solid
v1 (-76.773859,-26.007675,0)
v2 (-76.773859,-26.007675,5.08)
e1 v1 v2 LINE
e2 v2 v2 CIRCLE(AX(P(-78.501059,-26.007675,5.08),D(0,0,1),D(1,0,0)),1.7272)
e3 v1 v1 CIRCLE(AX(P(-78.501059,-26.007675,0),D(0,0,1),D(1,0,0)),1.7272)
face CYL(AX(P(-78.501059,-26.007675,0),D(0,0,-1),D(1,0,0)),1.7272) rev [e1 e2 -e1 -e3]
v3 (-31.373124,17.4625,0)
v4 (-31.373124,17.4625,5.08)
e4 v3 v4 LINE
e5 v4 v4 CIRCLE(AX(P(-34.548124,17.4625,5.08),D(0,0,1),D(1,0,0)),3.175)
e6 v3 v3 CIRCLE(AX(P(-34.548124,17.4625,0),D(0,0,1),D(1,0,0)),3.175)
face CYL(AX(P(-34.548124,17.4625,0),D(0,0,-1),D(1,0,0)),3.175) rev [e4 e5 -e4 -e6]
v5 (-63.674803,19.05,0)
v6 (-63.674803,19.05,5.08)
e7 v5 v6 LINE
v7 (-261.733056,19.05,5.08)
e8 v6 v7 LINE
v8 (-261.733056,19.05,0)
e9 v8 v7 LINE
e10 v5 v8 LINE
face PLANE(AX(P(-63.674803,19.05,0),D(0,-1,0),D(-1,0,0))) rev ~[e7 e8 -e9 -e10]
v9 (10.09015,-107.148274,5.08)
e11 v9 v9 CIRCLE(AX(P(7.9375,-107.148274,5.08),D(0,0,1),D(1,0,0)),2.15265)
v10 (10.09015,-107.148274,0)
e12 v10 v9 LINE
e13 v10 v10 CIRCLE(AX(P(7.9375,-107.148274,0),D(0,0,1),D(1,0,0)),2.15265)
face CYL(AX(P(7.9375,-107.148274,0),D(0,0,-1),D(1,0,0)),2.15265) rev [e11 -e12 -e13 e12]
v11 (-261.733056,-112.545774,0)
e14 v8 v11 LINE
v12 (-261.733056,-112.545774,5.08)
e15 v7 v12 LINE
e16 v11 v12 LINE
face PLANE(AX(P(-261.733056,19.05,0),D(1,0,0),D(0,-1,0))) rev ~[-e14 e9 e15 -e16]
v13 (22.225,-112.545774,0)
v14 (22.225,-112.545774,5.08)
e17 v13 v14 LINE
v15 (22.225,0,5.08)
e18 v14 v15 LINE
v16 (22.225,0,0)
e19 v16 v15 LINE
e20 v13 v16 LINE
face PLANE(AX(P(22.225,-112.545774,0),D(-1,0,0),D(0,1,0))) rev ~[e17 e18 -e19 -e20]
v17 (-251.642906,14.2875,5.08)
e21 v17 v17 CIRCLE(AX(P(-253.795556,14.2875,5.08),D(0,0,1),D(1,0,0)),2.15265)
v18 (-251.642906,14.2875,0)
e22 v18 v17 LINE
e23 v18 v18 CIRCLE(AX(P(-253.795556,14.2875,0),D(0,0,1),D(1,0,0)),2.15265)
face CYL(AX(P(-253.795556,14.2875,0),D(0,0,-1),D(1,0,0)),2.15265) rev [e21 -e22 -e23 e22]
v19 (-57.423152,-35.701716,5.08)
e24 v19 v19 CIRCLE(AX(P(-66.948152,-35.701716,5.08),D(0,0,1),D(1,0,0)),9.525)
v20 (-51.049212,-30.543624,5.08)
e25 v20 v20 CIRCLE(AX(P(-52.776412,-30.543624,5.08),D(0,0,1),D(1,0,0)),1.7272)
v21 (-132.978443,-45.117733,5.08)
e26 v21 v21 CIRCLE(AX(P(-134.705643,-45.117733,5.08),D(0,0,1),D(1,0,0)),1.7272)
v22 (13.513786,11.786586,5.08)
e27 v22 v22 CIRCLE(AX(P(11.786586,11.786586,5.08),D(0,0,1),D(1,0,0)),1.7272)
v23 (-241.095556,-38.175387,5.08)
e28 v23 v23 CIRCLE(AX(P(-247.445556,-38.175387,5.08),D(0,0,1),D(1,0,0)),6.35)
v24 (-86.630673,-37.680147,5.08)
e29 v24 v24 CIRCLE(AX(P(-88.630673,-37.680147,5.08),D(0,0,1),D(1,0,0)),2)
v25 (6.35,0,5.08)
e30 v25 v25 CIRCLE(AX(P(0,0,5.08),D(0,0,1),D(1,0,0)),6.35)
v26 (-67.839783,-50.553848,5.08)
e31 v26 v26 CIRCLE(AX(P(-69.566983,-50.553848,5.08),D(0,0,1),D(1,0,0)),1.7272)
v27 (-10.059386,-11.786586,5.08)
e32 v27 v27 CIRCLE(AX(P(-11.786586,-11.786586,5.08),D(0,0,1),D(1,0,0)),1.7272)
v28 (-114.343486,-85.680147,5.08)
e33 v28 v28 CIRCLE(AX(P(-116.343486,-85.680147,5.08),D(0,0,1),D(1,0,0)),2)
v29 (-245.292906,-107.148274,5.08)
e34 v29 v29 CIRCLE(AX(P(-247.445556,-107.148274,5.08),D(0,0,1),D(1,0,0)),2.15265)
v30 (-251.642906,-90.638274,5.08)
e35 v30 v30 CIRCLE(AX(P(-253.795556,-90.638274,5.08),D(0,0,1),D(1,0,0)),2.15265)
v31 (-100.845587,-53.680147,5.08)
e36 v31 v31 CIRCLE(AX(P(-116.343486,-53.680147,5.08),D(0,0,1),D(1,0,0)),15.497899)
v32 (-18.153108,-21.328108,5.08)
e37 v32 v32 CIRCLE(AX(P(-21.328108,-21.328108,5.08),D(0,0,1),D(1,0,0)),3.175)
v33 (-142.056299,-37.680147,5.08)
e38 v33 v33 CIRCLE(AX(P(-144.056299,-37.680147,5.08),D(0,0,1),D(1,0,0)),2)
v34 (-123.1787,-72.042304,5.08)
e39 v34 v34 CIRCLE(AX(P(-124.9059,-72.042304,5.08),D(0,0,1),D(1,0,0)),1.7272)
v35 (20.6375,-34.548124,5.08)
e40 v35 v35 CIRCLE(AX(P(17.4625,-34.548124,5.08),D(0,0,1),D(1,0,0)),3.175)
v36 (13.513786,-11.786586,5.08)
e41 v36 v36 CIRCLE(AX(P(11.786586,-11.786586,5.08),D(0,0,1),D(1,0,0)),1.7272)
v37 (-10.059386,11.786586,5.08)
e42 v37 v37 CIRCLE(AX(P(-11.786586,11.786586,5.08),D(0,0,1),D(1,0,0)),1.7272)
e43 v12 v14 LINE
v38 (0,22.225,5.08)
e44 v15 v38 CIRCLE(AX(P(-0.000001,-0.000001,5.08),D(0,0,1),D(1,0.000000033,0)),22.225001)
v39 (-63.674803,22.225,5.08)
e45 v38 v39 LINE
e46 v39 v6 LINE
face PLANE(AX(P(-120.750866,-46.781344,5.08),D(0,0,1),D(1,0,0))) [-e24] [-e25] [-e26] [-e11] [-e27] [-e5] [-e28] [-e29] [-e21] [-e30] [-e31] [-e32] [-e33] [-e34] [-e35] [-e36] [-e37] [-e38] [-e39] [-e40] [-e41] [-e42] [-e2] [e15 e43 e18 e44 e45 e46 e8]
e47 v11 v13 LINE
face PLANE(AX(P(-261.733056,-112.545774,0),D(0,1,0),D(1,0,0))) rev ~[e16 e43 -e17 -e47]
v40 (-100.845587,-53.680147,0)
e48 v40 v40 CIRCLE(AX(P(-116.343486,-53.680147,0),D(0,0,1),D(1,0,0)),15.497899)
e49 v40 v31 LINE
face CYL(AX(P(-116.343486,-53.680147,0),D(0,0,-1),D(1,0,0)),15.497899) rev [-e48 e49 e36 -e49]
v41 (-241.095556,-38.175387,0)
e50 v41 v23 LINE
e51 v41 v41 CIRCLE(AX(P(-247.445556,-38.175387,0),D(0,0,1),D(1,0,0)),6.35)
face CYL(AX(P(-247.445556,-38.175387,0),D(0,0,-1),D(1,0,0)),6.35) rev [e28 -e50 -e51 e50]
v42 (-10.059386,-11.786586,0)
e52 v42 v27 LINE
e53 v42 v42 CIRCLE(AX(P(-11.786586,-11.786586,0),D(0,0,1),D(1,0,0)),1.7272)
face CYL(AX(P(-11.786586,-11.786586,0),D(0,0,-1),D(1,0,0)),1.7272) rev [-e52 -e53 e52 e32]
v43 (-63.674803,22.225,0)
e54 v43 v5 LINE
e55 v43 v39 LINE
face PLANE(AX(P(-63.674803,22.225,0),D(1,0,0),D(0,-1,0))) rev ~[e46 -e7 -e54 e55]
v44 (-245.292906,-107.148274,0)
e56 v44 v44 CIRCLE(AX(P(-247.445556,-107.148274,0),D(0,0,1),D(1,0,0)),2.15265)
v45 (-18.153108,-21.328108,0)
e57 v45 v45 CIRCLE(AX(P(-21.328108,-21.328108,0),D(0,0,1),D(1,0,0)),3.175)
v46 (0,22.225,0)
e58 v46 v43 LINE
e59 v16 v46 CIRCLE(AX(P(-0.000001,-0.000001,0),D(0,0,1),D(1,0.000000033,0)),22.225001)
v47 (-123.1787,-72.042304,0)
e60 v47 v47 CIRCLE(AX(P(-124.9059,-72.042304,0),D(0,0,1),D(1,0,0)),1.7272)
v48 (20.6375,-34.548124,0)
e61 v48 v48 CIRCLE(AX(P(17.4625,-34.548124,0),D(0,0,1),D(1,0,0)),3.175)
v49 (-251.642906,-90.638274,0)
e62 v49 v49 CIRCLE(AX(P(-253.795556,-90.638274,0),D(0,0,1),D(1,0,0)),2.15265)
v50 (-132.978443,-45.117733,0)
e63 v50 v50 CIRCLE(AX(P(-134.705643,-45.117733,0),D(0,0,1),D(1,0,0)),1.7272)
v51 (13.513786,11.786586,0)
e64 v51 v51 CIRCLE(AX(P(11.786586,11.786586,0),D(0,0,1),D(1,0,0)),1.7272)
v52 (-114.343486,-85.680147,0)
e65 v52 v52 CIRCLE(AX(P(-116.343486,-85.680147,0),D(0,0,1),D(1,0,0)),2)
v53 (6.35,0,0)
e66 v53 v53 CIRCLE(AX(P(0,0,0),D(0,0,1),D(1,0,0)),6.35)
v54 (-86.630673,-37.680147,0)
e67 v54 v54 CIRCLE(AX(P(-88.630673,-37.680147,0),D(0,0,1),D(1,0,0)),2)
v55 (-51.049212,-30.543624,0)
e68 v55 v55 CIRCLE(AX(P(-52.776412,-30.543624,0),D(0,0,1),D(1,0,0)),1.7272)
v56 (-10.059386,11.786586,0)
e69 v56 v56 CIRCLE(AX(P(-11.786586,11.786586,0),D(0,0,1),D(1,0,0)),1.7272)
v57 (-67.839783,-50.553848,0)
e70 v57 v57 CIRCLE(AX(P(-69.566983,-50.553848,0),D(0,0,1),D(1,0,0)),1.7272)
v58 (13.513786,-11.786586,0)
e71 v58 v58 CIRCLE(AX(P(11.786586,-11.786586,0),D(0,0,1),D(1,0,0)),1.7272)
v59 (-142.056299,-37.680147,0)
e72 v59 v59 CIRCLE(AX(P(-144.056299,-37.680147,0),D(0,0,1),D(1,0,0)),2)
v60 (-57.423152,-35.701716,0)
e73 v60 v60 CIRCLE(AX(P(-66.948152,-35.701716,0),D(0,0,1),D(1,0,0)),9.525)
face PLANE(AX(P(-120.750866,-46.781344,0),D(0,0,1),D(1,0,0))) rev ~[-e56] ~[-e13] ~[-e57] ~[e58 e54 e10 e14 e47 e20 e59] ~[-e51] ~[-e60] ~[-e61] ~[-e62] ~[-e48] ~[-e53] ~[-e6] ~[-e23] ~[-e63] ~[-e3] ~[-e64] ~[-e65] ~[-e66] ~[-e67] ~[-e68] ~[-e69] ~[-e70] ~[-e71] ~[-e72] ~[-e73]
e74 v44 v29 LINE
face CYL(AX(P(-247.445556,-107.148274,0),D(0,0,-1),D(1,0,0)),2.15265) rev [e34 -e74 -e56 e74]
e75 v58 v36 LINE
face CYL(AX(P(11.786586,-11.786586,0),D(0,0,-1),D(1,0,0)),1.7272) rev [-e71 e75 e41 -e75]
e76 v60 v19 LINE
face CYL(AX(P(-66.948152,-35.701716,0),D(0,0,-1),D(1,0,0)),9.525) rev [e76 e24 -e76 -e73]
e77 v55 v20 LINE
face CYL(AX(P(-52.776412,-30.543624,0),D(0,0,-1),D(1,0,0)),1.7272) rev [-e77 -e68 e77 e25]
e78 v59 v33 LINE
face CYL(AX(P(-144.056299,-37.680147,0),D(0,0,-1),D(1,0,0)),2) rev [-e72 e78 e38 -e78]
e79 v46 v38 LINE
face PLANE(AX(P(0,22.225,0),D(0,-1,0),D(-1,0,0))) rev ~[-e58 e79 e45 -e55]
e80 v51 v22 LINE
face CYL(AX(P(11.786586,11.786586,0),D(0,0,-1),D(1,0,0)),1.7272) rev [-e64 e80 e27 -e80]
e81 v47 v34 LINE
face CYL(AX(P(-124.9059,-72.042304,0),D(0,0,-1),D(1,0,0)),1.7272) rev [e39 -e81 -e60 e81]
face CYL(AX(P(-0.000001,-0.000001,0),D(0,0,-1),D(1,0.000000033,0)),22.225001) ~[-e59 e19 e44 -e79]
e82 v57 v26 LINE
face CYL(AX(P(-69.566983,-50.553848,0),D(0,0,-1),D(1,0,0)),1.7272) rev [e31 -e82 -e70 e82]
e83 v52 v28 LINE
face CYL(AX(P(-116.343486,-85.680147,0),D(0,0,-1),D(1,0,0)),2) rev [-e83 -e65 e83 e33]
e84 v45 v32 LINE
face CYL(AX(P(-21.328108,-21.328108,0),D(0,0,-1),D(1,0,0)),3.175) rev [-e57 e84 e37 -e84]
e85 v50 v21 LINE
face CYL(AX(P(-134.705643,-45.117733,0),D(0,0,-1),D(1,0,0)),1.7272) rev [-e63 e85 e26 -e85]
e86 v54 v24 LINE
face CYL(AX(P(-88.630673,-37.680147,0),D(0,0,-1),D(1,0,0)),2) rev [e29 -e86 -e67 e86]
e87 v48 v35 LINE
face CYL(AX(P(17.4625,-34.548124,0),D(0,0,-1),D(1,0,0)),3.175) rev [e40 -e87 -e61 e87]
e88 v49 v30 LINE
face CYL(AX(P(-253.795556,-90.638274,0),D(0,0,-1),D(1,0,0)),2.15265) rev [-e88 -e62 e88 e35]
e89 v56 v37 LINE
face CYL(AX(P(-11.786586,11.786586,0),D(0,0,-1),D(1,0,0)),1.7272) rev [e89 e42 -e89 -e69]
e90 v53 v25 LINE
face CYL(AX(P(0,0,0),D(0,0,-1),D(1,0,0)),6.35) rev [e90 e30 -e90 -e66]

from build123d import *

# Parameters (mm, degrees)
F0_R     = 2.15265
F0_R_2   = 1.7272
F0_R_3   = 2
F0_R_4   = 15.497899
F0_R_5   = 6.35
F0_R_6   = 9.525
F0_R_7   = 3.175
F1_DEPTH = 5.08


with BuildPart() as f1:
    # F0 (on Top) → F1 (new body)
    with BuildSketch(Plane.XY):
        with BuildLine():
            Line((-261.733056, 19.05), (-261.733056, -112.545774))
            Line((-261.733056, -112.545774), (22.225, -112.545774))
            Line((22.225, -112.545774), (22.225, -101.750774))
            Line((22.225, -101.750774), (22.225, 0))
            ThreePointArc((22.225, 0), (15.715448, 15.715448), (0, 22.225))
            Line((0, 22.225), (-63.674803, 22.225))
            Line((-63.674803, 22.225), (-63.674803, 19.05))
            Line((-63.674803, 19.05), (-261.733056, 19.05))
        make_face()
        with Locations((-247.445556, -107.148274)):
            Circle(F0_R, mode=Mode.SUBTRACT)
        with Locations((-253.795556, -90.638274)):
            Circle(F0_R, mode=Mode.SUBTRACT)
        with Locations((-124.9059, -72.042304)):
            Circle(F0_R_2, mode=Mode.SUBTRACT)
        with Locations((-116.343486, -85.680147)):
            Circle(F0_R_3, mode=Mode.SUBTRACT)
        with Locations((7.9375, -107.148274)):
            Circle(F0_R, mode=Mode.SUBTRACT)
        with Locations((-116.343486, -53.680147)):
            Circle(F0_R_4, mode=Mode.SUBTRACT)
        with Locations((-69.566983, -50.553848)):
            Circle(F0_R_2, mode=Mode.SUBTRACT)
        with Locations((-247.445556, -38.175387)):
            Circle(F0_R_5, mode=Mode.SUBTRACT)
        with Locations((-144.056299, -37.680147)):
            Circle(F0_R_3, mode=Mode.SUBTRACT)
        with Locations((-134.705643, -45.117733)):
            Circle(F0_R_2, mode=Mode.SUBTRACT)
        with Locations((-253.795556, 14.2875)):
            Circle(F0_R, mode=Mode.SUBTRACT)
        with Locations((-88.630673, -37.680147)):
            Circle(F0_R_3, mode=Mode.SUBTRACT)
        with Locations((-66.948152, -35.701716)):
            Circle(F0_R_6, mode=Mode.SUBTRACT)
        with Locations((-52.776412, -30.543624)):
            Circle(F0_R_2, mode=Mode.SUBTRACT)
        with Locations((-78.501059, -26.007675)):
            Circle(F0_R_2, mode=Mode.SUBTRACT)
        with Locations((17.4625, -34.548124)):
            Circle(F0_R_7, mode=Mode.SUBTRACT)
        with Locations((-21.328108, -21.328108)):
            Circle(F0_R_7, mode=Mode.SUBTRACT)
        with Locations((-11.786586, -11.786586)):
            Circle(F0_R_2, mode=Mode.SUBTRACT)
        with Locations((11.786586, -11.786586)):
            Circle(F0_R_2, mode=Mode.SUBTRACT)
        Circle(F0_R_5, mode=Mode.SUBTRACT)
        with Locations((-34.548124, 17.4625)):
            Circle(F0_R_7, mode=Mode.SUBTRACT)
        with Locations((-11.786586, 11.786586)):
            Circle(F0_R_2, mode=Mode.SUBTRACT)
        with Locations((11.786586, 11.786586)):
            Circle(F0_R_2, mode=Mode.SUBTRACT)
    extrude(amount=F1_DEPTH)


solid = f1.part
